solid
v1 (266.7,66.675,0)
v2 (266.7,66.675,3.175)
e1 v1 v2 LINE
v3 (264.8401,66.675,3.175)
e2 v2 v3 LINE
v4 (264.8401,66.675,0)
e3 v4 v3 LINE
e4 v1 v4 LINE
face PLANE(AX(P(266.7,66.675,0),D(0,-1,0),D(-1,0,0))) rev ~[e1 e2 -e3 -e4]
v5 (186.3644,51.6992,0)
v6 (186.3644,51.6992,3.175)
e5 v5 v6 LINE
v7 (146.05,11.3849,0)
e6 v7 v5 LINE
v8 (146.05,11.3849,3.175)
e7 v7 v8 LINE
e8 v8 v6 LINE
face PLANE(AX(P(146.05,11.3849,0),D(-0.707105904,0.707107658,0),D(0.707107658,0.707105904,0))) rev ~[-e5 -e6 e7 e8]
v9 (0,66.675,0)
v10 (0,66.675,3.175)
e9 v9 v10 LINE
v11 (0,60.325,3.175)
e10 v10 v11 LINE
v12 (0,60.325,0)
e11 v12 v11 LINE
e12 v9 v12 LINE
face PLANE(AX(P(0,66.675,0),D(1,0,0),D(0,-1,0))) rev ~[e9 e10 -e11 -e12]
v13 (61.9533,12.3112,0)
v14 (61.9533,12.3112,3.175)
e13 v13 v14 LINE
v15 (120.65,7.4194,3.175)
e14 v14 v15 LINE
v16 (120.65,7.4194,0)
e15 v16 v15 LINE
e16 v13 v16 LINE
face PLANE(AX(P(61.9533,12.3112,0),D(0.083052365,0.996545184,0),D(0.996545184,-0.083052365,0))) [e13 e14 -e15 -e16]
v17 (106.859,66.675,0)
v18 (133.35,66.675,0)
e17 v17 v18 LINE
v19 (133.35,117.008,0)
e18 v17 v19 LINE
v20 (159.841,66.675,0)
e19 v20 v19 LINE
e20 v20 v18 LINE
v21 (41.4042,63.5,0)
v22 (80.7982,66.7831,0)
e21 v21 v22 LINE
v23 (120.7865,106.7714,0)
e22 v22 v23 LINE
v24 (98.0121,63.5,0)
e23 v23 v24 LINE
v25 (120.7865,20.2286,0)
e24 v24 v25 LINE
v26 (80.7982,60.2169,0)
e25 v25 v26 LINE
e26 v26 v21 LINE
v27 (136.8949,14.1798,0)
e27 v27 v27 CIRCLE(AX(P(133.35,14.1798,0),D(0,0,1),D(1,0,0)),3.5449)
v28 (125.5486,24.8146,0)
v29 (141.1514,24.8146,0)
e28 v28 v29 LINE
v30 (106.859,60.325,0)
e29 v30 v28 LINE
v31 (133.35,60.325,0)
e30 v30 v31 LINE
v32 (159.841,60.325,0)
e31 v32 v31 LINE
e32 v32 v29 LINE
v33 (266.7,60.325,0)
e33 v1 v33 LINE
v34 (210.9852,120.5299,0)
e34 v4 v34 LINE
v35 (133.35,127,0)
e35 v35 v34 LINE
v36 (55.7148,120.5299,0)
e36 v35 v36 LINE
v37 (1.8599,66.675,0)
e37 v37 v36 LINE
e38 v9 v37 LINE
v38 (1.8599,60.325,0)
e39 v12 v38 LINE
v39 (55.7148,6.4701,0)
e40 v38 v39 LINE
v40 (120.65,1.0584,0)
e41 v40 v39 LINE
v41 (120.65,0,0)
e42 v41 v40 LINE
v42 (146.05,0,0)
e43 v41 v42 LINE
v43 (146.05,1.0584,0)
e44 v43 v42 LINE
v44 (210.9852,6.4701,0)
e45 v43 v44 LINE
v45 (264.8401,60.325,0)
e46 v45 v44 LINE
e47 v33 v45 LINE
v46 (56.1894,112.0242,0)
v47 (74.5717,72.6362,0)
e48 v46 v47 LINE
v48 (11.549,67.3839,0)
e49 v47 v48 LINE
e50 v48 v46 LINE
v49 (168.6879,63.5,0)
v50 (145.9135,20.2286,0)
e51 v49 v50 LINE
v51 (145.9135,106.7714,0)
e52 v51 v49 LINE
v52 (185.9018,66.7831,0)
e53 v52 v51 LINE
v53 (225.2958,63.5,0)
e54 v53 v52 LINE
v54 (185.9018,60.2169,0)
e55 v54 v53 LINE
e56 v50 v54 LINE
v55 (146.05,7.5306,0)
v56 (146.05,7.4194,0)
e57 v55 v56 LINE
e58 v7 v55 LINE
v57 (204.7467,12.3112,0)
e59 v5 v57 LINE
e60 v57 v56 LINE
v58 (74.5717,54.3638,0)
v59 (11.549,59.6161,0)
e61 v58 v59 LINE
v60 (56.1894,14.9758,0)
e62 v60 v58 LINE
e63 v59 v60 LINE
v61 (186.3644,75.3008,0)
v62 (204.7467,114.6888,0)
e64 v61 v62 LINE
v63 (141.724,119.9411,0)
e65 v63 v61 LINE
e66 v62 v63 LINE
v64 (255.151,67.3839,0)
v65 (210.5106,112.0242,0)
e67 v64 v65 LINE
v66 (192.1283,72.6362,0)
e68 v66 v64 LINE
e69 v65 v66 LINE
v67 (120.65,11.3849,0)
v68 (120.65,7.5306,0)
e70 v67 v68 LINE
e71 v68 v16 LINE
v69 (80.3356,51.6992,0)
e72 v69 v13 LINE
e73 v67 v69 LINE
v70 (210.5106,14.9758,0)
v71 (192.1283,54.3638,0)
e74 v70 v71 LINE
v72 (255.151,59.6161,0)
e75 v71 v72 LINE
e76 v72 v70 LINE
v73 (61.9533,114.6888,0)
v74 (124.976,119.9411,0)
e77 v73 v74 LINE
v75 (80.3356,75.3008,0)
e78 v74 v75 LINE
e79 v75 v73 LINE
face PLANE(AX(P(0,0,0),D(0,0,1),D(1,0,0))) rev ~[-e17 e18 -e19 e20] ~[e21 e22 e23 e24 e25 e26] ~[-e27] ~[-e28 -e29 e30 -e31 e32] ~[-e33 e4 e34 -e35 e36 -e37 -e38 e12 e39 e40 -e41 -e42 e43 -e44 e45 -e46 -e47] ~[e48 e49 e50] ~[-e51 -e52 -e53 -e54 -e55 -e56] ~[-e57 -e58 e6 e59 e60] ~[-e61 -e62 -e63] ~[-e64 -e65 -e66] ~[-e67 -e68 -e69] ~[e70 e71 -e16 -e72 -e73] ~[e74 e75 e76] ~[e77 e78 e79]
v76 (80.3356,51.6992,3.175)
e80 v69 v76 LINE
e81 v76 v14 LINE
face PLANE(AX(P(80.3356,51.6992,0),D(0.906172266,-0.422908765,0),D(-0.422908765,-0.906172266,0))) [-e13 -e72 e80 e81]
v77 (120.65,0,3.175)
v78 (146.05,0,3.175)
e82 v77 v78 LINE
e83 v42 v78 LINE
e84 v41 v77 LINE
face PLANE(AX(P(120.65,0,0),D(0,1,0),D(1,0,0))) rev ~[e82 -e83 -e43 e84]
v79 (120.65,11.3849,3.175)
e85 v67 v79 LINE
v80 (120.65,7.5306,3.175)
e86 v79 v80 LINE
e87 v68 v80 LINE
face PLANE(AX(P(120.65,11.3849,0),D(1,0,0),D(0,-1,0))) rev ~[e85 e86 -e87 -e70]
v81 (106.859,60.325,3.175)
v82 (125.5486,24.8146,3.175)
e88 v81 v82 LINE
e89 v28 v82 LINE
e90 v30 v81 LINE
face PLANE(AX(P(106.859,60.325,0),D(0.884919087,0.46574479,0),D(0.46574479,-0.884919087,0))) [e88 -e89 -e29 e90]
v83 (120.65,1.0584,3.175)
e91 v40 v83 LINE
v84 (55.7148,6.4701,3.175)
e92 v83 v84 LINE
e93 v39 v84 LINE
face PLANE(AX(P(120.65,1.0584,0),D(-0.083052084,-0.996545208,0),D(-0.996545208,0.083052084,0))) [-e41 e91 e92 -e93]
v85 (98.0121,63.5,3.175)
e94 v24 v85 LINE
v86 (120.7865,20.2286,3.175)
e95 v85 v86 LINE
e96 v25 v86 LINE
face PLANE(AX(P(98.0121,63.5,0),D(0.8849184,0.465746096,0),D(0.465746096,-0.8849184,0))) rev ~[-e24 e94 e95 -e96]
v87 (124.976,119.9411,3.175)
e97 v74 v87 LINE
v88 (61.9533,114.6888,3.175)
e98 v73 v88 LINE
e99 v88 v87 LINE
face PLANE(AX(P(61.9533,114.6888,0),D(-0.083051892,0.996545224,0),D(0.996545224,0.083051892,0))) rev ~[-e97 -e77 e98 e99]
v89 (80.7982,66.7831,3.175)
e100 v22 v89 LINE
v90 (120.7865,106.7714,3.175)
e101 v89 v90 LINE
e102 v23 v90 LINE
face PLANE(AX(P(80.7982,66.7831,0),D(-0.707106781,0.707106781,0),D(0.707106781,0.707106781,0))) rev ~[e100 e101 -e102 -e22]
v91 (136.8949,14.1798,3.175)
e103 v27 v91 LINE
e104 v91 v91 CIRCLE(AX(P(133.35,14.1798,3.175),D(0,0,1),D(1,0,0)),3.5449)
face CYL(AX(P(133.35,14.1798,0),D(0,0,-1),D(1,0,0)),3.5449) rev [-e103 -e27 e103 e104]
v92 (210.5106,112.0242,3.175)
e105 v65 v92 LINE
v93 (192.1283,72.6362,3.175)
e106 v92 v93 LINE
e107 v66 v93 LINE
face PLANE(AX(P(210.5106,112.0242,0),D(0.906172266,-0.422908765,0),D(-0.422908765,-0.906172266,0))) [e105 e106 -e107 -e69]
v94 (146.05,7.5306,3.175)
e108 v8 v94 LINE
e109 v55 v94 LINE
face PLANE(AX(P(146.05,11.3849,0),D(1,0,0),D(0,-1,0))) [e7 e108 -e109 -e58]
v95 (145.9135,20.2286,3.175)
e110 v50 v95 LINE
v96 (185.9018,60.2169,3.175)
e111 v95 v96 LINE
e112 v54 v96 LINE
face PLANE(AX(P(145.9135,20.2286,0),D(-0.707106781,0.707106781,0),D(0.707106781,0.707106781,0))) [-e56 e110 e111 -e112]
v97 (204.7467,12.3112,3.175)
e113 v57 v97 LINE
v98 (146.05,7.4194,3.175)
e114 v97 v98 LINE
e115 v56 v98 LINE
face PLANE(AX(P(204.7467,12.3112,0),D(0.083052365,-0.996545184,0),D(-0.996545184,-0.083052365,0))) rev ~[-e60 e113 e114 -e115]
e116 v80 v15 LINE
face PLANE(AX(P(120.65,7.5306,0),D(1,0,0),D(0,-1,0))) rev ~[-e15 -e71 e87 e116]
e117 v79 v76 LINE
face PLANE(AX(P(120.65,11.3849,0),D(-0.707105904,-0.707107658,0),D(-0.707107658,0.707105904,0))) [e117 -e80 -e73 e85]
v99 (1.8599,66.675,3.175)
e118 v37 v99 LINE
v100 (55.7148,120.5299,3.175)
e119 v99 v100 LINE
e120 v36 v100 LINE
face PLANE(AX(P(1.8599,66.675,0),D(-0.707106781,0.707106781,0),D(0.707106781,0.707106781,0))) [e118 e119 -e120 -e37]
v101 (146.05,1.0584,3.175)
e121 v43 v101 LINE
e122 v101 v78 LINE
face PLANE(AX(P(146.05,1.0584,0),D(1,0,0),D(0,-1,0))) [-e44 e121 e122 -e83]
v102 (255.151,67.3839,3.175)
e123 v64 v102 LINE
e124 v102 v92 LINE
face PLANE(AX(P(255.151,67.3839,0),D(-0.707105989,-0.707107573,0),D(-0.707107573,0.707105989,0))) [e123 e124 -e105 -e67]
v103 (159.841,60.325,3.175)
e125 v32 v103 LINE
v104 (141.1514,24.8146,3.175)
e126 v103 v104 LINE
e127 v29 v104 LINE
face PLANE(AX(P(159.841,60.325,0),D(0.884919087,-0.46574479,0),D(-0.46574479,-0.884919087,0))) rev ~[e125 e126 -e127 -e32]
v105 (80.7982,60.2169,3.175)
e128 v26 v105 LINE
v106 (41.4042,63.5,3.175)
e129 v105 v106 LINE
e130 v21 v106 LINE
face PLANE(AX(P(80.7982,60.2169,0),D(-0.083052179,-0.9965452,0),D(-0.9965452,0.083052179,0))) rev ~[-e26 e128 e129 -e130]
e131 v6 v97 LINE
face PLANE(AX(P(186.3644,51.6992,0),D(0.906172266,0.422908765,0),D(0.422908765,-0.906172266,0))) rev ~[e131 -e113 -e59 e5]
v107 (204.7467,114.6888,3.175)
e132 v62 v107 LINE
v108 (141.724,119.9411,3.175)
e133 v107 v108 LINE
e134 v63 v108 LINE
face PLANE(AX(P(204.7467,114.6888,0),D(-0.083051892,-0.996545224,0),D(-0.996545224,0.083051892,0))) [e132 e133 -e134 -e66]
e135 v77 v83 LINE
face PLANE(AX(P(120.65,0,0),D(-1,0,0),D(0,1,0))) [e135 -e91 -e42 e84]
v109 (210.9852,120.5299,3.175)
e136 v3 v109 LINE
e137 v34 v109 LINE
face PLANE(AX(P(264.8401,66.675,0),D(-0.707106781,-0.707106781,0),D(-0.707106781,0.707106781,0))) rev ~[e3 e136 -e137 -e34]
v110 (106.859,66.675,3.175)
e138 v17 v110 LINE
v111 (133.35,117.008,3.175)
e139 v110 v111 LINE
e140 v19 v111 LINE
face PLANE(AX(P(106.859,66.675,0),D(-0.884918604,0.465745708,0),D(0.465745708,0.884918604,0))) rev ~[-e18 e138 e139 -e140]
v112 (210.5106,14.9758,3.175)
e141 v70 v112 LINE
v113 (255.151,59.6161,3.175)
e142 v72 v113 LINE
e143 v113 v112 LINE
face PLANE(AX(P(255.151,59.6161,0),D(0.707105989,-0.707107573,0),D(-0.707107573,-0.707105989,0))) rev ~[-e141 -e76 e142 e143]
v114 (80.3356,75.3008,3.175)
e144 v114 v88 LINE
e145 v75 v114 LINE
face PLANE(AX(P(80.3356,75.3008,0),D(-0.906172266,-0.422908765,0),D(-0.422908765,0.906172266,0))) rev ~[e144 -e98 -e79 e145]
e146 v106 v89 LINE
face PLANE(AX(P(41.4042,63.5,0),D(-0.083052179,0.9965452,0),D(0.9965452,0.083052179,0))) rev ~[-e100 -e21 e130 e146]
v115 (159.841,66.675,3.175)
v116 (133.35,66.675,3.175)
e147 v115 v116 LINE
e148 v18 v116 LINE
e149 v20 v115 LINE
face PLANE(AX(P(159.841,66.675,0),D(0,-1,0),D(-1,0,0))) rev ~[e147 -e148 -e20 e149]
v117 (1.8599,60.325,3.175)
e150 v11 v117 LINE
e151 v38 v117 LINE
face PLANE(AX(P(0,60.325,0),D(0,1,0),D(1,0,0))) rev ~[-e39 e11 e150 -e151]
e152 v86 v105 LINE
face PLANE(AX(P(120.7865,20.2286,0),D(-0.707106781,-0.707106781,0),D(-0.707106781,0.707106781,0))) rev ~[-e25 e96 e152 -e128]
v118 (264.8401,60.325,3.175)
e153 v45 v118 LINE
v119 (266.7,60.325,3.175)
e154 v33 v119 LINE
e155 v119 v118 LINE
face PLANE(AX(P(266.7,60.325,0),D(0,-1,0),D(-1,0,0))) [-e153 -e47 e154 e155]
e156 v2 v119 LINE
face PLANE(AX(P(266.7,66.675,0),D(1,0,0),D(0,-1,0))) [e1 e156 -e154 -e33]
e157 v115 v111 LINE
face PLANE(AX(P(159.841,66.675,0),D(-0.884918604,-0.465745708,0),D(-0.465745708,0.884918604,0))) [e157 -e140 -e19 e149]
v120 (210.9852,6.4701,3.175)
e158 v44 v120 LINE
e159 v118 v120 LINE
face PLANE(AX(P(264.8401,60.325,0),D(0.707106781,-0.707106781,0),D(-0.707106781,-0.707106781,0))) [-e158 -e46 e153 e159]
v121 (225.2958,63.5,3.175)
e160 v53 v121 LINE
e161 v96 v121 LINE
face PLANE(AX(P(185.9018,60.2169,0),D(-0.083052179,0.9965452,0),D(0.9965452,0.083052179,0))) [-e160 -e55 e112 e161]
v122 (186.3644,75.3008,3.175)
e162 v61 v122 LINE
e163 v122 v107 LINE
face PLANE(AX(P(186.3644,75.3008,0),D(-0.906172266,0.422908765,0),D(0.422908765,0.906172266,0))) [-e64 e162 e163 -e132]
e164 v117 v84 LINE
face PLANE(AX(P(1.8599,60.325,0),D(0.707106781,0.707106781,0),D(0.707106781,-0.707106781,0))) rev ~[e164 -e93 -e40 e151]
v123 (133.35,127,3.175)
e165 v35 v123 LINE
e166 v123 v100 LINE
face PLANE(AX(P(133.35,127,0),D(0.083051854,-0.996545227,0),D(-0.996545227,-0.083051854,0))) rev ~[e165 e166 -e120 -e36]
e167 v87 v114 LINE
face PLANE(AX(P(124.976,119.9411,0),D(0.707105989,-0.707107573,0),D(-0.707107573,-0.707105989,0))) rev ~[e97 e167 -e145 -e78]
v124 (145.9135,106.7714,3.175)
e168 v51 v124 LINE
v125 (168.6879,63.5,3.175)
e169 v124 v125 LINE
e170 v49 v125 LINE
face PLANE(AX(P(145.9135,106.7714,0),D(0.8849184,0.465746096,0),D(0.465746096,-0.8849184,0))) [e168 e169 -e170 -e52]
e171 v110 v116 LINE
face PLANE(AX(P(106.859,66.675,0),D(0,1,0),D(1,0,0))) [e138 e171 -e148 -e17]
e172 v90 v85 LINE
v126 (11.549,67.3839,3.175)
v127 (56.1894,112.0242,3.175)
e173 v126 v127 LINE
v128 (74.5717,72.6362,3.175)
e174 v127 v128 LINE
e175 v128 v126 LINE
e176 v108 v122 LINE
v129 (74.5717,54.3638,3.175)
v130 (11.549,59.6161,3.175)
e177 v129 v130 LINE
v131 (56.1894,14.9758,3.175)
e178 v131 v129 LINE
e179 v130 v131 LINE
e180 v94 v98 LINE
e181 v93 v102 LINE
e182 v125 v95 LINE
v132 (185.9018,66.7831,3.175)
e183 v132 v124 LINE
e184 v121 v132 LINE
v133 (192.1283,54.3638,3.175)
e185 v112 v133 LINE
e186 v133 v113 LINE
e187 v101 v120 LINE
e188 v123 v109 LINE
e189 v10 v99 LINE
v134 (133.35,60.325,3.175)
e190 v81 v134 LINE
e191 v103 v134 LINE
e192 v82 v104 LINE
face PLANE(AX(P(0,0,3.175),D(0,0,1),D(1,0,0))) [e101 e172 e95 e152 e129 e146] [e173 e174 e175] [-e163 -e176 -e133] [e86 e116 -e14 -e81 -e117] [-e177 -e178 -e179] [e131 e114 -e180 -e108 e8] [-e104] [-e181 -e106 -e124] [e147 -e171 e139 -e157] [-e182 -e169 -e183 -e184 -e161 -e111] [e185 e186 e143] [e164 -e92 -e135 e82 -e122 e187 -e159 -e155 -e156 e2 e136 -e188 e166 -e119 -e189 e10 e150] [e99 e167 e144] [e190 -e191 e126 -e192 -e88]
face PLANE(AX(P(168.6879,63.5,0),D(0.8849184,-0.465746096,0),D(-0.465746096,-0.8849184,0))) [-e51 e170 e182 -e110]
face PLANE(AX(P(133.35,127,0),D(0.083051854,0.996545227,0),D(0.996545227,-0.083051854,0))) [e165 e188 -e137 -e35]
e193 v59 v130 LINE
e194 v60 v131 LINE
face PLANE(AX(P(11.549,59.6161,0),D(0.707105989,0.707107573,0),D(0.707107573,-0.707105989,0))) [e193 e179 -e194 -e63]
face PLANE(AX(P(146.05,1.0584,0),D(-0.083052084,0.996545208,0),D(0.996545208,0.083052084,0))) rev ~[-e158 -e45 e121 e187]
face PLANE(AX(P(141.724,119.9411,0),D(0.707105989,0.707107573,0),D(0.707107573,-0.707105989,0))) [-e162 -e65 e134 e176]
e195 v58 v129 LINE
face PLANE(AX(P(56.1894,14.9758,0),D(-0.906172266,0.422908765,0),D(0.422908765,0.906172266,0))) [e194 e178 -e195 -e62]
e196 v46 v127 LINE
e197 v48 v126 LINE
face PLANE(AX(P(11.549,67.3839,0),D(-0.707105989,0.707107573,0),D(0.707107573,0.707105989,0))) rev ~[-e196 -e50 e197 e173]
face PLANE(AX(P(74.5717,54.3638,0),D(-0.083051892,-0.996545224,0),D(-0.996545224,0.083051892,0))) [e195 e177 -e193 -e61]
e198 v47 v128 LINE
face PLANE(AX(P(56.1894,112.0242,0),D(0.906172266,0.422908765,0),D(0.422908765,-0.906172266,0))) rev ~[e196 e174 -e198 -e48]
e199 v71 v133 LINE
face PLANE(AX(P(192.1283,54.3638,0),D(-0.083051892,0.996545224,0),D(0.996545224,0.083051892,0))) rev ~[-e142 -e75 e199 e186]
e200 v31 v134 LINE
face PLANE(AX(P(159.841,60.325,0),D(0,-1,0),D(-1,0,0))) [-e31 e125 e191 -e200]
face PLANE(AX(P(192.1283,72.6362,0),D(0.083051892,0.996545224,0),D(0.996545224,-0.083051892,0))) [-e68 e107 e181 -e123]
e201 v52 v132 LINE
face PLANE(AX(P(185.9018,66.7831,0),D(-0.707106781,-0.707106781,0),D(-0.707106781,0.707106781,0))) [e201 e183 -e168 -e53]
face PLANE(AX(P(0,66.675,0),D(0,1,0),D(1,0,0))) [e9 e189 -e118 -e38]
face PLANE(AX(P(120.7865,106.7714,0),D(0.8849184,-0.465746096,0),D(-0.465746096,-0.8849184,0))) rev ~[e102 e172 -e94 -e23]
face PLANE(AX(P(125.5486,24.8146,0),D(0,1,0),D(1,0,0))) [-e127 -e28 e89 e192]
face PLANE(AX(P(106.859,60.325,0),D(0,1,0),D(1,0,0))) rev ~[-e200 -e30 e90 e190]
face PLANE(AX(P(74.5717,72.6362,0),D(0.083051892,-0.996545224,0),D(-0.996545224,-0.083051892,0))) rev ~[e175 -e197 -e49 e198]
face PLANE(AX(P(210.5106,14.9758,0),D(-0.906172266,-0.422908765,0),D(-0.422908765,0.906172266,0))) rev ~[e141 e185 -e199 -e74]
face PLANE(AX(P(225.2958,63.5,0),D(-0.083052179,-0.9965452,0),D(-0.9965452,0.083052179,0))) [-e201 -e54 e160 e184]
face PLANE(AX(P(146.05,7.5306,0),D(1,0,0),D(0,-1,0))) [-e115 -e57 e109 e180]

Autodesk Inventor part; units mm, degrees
ref_plane "YZ Plane" through (0, 0, 0) normal (1, 0, 0) x (0, 1, 0)
ref_plane "XZ Plane" through (0, 0, 0) normal (0, 1, 0) x (-1, 0, 0)
ref_plane "XY Plane" through (0, 0, 0) normal (0, 0, 1) x (1, 0, 0)
sketch "Sketch1" plane through (0, 0, 0) normal (0, 0, 1) x (1, 0, 0)
  line L0 (0, 0) -> (266.7, 0) construction
  line L1 (266.7, 0) -> (266.7, 127) construction
  line L2 (266.7, 127) -> (0, 127) construction
  line L3 (0, 127) -> (0, 0) construction
  line L4 (3.175, 63.5) -> (57.1495, 117.4745) construction
  line L5 (3.175, 63.5) -> (61.6477, 63.5) construction
  line L6 (133.35, 123.825) -> (209.5505, 117.4745) construction
  line L7 (133.35, 123.825) -> (154.8013, 123.825) construction
  line L8 (133.35, 123.825) -> (57.1495, 117.4745) construction
  line L9 (133.35, 123.825) -> (241.0197, 123.825) construction
  line L10 (133.35, 123.825) -> (79.3755, 69.8505) construction
  line L11 (3.175, 63.5) -> (79.3755, 69.8505) construction
  line L12 (3.175, 63.5) -> (58.3803, 63.5) construction
  line L13 (57.1495, 117.4745) -> (79.3755, 69.8505) construction
  line L14 (263.525, 63.5) -> (334.0804, 63.5) construction
  line L15 (263.525, 63.5) -> (356.1825, 63.5) construction
  line L16 (263.525, 63.5) -> (209.5505, 117.4745) construction
  line L17 (133.35, 123.825) -> (187.3245, 69.8505) construction
  line L18 (263.525, 63.5) -> (187.3245, 69.8505) construction
  line L19 (263.525, 63.5) -> (382.9611, 63.5) construction
  line L20 (187.3245, 69.8505) -> (209.5505, 117.4745) construction
  line L21 (101.6, 63.5) -> (165.1, 63.5) construction
  line L22 (133.35, 123.825) -> (101.6, 63.5) construction
  line L23 (165.1, 63.5) -> (133.35, 123.825) construction
  line L24 (101.6, 63.5) -> (133.35, 3.175) construction
  line L25 (133.35, 3.175) -> (165.1, 63.5) construction
  line L26 (133.35, 3.175) -> (205.0345, 3.175) construction
  line L27 (133.35, 3.175) -> (233.6369, 3.175) construction
  line L28 (133.35, 3.175) -> (200.2999, 3.175) construction
  line L29 (3.175, 63.5) -> (15.875, 63.5) construction
  line L30 (133.35, 3.175) -> (133.35, 50.0944) construction
  line L31 (263.525, 63.5) -> (250.825, 63.5) construction
  line L32 (120.65, 0) -> (146.05, 0)
  circle A0 centre (133.35, 14.1798) radius 3.5449
  line L33 (0, 60.325) -> (1.8599, 60.325)
  line L34 (11.549, 67.3839) -> (56.1894, 112.0242)
  line L35 (56.1894, 112.0242) -> (74.5717, 72.6362)
  line L36 (74.5717, 72.6362) -> (11.549, 67.3839)
  line L37 (61.9533, 114.6888) -> (124.976, 119.9411)
  line L38 (124.976, 119.9411) -> (80.3356, 75.3008)
  line L39 (80.3356, 75.3008) -> (61.9533, 114.6888)
  line L40 (133.35, 127) -> (55.7148, 120.5299)
  line L41 (0, 66.675) -> (1.8599, 66.675)
  line L42 (1.8599, 66.675) -> (55.7148, 120.5299)
  line L43 (0, 66.675) -> (0, 60.325)
  line L44 (120.65, 0) -> (120.65, 1.0584)
  line L45 (120.65, 11.3849) -> (120.65, 7.5306)
  line L46 (106.859, 60.325) -> (125.5486, 24.8146)
  line L47 (106.859, 66.675) -> (133.35, 117.008)
  line L48 (125.5486, 24.8146) -> (141.1514, 24.8146)
  line L49 (106.859, 60.325) -> (133.35, 60.325)
  line L50 (106.859, 66.675) -> (133.35, 66.675)
  line L51 (266.7, 60.325) -> (264.8401, 60.325)
  line L52 (255.151, 67.3839) -> (210.5106, 112.0242)
  line L53 (210.5106, 112.0242) -> (192.1283, 72.6362)
  line L54 (192.1283, 72.6362) -> (255.151, 67.3839)
  line L55 (204.7467, 114.6888) -> (141.724, 119.9411)
  line L56 (141.724, 119.9411) -> (186.3644, 75.3008)
  line L57 (186.3644, 75.3008) -> (204.7467, 114.6888)
  line L58 (133.35, 127) -> (210.9852, 120.5299)
  line L59 (266.7, 66.675) -> (264.8401, 66.675)
  line L60 (264.8401, 66.675) -> (210.9852, 120.5299)
  line L61 (159.841, 60.325) -> (141.1514, 24.8146)
  line L62 (159.841, 66.675) -> (133.35, 117.008)
  line L63 (159.841, 60.325) -> (133.35, 60.325)
  line L64 (159.841, 66.675) -> (133.35, 66.675)
  line L65 (266.7, 66.675) -> (266.7, 60.325)
  line L66 (146.05, 11.3849) -> (146.05, 7.5306)
  line L67 (146.05, 1.0584) -> (146.05, 0)
  line L68 (11.549, 59.6161) -> (56.1894, 14.9758)
  line L69 (56.1894, 14.9758) -> (74.5717, 54.3638)
  line L70 (74.5717, 54.3638) -> (11.549, 59.6161)
  line L71 (61.9533, 12.3112) -> (120.65, 7.4194)
  line L72 (120.65, 11.3849) -> (80.3356, 51.6992)
  line L73 (80.3356, 51.6992) -> (61.9533, 12.3112)
  line L74 (120.65, 1.0584) -> (55.7148, 6.4701)
  line L75 (1.8599, 60.325) -> (55.7148, 6.4701)
  line L76 (264.8401, 60.325) -> (210.9852, 6.4701)
  line L77 (192.1283, 54.3638) -> (255.151, 59.6161)
  line L78 (255.151, 59.6161) -> (210.5106, 14.9758)
  line L79 (210.5106, 14.9758) -> (192.1283, 54.3638)
  line L80 (186.3644, 51.6992) -> (204.7467, 12.3112)
  line L81 (204.7467, 12.3112) -> (146.05, 7.4194)
  line L82 (146.05, 1.0584) -> (210.9852, 6.4701)
  line L83 (146.05, 11.3849) -> (186.3644, 51.6992)
  line L84 (120.65, 7.5306) -> (120.65, 7.4194)
  line L85 (146.05, 7.5306) -> (146.05, 7.4194)
  line L86 (41.4042, 63.5) -> (80.7982, 66.7831)
  line L87 (80.7982, 66.7831) -> (120.7865, 106.7714)
  line L88 (120.7865, 106.7714) -> (98.0121, 63.5)
  line L89 (98.0121, 63.5) -> (120.7865, 20.2286)
  line L90 (120.7865, 20.2286) -> (80.7982, 60.2169)
  line L91 (80.7982, 60.2169) -> (41.4042, 63.5)
  line L92 (225.2958, 63.5) -> (185.9018, 66.7831)
  line L93 (185.9018, 66.7831) -> (145.9135, 106.7714)
  line L94 (145.9135, 106.7714) -> (168.6879, 63.5)
  line L95 (168.6879, 63.5) -> (145.9135, 20.2286)
  line L96 (145.9135, 20.2286) -> (185.9018, 60.2169)
  line L97 (185.9018, 60.2169) -> (225.2958, 63.5)
  point P0 (252.2019, 60.325)
  point P1 (124.976, 7.0589)
  point P2 (133.35, 0)
  point P3 (141.724, 7.0589)
  dimension "d1" = 266.7
  dimension "d2" = 127
  dimension "d4" = 45
  dimension "d6" = 4.764
  dimension "d7" = 175.236
  dimension "d9" = 4.764
  dimension "d10" = 63.5
  dimension "d11" = 133.35
  dimension "d12" = 3.175
  dimension "d13" = 135
  dimension "d14" = 3.175
  dimension "d17" = 3.175
  dimension "d18" = 63.5
  dimension "d19" = 175.236
  dimension "d20" = 45
  dimension "d21" = 45
  dimension "d22" = 31.75
  dimension "d23" = 31.75
  dimension "d24" = 60.325
  dimension "d25" = 133.35
  dimension "d26" = 3.175
  dimension "d32" = 12.7
  dimension "d33" = 120.65
  dimension "d34" = 25.4
  dimension "d37" = 14.1798
  dimension "d38" = 7.0899
  dimension "d46" = 3.175
  dimension "d47" = 3.175
  dimension "d48" = 3.175
  dimension "d49" = 3.175
  dimension "d50" = 3.175
  dimension "d55" = 6.35
  dimension "d56" = 6.35
  dimension "d57" = 3.175
  dimension "d76" = 3.175
  dimension "d77" = 26.4911
  dimension "d78" = 6.35
  dimension "d83" = 4.764
  dimension "d84" = 4.764
  dimension "d85" = 45
  dimension "d86" = 4.764
  dimension "d87" = 4.764
  dimension "d88" = 62.242
  dimension "d89" = 24.8146
  dimension "d90" = 3.8542
  dimension "d91" = 25.4
  dimension "d92" = 1.0584
  dimension "d95" = 6.35
  dimension "d96" = 6.35
  dimension "d97" = 3.175
  dimension "d98" = 3.175
  dimension "d99" = 6.35
  dimension "d100" = 6.35
  dimension "d101" = 45
  dimension "d102" = 6.35
  dimension "d103" = 6.35
extrude "Extrusion3" add sketch "Sketch1" along normal blind 3.175
properties part number "Eye Truss 2"
